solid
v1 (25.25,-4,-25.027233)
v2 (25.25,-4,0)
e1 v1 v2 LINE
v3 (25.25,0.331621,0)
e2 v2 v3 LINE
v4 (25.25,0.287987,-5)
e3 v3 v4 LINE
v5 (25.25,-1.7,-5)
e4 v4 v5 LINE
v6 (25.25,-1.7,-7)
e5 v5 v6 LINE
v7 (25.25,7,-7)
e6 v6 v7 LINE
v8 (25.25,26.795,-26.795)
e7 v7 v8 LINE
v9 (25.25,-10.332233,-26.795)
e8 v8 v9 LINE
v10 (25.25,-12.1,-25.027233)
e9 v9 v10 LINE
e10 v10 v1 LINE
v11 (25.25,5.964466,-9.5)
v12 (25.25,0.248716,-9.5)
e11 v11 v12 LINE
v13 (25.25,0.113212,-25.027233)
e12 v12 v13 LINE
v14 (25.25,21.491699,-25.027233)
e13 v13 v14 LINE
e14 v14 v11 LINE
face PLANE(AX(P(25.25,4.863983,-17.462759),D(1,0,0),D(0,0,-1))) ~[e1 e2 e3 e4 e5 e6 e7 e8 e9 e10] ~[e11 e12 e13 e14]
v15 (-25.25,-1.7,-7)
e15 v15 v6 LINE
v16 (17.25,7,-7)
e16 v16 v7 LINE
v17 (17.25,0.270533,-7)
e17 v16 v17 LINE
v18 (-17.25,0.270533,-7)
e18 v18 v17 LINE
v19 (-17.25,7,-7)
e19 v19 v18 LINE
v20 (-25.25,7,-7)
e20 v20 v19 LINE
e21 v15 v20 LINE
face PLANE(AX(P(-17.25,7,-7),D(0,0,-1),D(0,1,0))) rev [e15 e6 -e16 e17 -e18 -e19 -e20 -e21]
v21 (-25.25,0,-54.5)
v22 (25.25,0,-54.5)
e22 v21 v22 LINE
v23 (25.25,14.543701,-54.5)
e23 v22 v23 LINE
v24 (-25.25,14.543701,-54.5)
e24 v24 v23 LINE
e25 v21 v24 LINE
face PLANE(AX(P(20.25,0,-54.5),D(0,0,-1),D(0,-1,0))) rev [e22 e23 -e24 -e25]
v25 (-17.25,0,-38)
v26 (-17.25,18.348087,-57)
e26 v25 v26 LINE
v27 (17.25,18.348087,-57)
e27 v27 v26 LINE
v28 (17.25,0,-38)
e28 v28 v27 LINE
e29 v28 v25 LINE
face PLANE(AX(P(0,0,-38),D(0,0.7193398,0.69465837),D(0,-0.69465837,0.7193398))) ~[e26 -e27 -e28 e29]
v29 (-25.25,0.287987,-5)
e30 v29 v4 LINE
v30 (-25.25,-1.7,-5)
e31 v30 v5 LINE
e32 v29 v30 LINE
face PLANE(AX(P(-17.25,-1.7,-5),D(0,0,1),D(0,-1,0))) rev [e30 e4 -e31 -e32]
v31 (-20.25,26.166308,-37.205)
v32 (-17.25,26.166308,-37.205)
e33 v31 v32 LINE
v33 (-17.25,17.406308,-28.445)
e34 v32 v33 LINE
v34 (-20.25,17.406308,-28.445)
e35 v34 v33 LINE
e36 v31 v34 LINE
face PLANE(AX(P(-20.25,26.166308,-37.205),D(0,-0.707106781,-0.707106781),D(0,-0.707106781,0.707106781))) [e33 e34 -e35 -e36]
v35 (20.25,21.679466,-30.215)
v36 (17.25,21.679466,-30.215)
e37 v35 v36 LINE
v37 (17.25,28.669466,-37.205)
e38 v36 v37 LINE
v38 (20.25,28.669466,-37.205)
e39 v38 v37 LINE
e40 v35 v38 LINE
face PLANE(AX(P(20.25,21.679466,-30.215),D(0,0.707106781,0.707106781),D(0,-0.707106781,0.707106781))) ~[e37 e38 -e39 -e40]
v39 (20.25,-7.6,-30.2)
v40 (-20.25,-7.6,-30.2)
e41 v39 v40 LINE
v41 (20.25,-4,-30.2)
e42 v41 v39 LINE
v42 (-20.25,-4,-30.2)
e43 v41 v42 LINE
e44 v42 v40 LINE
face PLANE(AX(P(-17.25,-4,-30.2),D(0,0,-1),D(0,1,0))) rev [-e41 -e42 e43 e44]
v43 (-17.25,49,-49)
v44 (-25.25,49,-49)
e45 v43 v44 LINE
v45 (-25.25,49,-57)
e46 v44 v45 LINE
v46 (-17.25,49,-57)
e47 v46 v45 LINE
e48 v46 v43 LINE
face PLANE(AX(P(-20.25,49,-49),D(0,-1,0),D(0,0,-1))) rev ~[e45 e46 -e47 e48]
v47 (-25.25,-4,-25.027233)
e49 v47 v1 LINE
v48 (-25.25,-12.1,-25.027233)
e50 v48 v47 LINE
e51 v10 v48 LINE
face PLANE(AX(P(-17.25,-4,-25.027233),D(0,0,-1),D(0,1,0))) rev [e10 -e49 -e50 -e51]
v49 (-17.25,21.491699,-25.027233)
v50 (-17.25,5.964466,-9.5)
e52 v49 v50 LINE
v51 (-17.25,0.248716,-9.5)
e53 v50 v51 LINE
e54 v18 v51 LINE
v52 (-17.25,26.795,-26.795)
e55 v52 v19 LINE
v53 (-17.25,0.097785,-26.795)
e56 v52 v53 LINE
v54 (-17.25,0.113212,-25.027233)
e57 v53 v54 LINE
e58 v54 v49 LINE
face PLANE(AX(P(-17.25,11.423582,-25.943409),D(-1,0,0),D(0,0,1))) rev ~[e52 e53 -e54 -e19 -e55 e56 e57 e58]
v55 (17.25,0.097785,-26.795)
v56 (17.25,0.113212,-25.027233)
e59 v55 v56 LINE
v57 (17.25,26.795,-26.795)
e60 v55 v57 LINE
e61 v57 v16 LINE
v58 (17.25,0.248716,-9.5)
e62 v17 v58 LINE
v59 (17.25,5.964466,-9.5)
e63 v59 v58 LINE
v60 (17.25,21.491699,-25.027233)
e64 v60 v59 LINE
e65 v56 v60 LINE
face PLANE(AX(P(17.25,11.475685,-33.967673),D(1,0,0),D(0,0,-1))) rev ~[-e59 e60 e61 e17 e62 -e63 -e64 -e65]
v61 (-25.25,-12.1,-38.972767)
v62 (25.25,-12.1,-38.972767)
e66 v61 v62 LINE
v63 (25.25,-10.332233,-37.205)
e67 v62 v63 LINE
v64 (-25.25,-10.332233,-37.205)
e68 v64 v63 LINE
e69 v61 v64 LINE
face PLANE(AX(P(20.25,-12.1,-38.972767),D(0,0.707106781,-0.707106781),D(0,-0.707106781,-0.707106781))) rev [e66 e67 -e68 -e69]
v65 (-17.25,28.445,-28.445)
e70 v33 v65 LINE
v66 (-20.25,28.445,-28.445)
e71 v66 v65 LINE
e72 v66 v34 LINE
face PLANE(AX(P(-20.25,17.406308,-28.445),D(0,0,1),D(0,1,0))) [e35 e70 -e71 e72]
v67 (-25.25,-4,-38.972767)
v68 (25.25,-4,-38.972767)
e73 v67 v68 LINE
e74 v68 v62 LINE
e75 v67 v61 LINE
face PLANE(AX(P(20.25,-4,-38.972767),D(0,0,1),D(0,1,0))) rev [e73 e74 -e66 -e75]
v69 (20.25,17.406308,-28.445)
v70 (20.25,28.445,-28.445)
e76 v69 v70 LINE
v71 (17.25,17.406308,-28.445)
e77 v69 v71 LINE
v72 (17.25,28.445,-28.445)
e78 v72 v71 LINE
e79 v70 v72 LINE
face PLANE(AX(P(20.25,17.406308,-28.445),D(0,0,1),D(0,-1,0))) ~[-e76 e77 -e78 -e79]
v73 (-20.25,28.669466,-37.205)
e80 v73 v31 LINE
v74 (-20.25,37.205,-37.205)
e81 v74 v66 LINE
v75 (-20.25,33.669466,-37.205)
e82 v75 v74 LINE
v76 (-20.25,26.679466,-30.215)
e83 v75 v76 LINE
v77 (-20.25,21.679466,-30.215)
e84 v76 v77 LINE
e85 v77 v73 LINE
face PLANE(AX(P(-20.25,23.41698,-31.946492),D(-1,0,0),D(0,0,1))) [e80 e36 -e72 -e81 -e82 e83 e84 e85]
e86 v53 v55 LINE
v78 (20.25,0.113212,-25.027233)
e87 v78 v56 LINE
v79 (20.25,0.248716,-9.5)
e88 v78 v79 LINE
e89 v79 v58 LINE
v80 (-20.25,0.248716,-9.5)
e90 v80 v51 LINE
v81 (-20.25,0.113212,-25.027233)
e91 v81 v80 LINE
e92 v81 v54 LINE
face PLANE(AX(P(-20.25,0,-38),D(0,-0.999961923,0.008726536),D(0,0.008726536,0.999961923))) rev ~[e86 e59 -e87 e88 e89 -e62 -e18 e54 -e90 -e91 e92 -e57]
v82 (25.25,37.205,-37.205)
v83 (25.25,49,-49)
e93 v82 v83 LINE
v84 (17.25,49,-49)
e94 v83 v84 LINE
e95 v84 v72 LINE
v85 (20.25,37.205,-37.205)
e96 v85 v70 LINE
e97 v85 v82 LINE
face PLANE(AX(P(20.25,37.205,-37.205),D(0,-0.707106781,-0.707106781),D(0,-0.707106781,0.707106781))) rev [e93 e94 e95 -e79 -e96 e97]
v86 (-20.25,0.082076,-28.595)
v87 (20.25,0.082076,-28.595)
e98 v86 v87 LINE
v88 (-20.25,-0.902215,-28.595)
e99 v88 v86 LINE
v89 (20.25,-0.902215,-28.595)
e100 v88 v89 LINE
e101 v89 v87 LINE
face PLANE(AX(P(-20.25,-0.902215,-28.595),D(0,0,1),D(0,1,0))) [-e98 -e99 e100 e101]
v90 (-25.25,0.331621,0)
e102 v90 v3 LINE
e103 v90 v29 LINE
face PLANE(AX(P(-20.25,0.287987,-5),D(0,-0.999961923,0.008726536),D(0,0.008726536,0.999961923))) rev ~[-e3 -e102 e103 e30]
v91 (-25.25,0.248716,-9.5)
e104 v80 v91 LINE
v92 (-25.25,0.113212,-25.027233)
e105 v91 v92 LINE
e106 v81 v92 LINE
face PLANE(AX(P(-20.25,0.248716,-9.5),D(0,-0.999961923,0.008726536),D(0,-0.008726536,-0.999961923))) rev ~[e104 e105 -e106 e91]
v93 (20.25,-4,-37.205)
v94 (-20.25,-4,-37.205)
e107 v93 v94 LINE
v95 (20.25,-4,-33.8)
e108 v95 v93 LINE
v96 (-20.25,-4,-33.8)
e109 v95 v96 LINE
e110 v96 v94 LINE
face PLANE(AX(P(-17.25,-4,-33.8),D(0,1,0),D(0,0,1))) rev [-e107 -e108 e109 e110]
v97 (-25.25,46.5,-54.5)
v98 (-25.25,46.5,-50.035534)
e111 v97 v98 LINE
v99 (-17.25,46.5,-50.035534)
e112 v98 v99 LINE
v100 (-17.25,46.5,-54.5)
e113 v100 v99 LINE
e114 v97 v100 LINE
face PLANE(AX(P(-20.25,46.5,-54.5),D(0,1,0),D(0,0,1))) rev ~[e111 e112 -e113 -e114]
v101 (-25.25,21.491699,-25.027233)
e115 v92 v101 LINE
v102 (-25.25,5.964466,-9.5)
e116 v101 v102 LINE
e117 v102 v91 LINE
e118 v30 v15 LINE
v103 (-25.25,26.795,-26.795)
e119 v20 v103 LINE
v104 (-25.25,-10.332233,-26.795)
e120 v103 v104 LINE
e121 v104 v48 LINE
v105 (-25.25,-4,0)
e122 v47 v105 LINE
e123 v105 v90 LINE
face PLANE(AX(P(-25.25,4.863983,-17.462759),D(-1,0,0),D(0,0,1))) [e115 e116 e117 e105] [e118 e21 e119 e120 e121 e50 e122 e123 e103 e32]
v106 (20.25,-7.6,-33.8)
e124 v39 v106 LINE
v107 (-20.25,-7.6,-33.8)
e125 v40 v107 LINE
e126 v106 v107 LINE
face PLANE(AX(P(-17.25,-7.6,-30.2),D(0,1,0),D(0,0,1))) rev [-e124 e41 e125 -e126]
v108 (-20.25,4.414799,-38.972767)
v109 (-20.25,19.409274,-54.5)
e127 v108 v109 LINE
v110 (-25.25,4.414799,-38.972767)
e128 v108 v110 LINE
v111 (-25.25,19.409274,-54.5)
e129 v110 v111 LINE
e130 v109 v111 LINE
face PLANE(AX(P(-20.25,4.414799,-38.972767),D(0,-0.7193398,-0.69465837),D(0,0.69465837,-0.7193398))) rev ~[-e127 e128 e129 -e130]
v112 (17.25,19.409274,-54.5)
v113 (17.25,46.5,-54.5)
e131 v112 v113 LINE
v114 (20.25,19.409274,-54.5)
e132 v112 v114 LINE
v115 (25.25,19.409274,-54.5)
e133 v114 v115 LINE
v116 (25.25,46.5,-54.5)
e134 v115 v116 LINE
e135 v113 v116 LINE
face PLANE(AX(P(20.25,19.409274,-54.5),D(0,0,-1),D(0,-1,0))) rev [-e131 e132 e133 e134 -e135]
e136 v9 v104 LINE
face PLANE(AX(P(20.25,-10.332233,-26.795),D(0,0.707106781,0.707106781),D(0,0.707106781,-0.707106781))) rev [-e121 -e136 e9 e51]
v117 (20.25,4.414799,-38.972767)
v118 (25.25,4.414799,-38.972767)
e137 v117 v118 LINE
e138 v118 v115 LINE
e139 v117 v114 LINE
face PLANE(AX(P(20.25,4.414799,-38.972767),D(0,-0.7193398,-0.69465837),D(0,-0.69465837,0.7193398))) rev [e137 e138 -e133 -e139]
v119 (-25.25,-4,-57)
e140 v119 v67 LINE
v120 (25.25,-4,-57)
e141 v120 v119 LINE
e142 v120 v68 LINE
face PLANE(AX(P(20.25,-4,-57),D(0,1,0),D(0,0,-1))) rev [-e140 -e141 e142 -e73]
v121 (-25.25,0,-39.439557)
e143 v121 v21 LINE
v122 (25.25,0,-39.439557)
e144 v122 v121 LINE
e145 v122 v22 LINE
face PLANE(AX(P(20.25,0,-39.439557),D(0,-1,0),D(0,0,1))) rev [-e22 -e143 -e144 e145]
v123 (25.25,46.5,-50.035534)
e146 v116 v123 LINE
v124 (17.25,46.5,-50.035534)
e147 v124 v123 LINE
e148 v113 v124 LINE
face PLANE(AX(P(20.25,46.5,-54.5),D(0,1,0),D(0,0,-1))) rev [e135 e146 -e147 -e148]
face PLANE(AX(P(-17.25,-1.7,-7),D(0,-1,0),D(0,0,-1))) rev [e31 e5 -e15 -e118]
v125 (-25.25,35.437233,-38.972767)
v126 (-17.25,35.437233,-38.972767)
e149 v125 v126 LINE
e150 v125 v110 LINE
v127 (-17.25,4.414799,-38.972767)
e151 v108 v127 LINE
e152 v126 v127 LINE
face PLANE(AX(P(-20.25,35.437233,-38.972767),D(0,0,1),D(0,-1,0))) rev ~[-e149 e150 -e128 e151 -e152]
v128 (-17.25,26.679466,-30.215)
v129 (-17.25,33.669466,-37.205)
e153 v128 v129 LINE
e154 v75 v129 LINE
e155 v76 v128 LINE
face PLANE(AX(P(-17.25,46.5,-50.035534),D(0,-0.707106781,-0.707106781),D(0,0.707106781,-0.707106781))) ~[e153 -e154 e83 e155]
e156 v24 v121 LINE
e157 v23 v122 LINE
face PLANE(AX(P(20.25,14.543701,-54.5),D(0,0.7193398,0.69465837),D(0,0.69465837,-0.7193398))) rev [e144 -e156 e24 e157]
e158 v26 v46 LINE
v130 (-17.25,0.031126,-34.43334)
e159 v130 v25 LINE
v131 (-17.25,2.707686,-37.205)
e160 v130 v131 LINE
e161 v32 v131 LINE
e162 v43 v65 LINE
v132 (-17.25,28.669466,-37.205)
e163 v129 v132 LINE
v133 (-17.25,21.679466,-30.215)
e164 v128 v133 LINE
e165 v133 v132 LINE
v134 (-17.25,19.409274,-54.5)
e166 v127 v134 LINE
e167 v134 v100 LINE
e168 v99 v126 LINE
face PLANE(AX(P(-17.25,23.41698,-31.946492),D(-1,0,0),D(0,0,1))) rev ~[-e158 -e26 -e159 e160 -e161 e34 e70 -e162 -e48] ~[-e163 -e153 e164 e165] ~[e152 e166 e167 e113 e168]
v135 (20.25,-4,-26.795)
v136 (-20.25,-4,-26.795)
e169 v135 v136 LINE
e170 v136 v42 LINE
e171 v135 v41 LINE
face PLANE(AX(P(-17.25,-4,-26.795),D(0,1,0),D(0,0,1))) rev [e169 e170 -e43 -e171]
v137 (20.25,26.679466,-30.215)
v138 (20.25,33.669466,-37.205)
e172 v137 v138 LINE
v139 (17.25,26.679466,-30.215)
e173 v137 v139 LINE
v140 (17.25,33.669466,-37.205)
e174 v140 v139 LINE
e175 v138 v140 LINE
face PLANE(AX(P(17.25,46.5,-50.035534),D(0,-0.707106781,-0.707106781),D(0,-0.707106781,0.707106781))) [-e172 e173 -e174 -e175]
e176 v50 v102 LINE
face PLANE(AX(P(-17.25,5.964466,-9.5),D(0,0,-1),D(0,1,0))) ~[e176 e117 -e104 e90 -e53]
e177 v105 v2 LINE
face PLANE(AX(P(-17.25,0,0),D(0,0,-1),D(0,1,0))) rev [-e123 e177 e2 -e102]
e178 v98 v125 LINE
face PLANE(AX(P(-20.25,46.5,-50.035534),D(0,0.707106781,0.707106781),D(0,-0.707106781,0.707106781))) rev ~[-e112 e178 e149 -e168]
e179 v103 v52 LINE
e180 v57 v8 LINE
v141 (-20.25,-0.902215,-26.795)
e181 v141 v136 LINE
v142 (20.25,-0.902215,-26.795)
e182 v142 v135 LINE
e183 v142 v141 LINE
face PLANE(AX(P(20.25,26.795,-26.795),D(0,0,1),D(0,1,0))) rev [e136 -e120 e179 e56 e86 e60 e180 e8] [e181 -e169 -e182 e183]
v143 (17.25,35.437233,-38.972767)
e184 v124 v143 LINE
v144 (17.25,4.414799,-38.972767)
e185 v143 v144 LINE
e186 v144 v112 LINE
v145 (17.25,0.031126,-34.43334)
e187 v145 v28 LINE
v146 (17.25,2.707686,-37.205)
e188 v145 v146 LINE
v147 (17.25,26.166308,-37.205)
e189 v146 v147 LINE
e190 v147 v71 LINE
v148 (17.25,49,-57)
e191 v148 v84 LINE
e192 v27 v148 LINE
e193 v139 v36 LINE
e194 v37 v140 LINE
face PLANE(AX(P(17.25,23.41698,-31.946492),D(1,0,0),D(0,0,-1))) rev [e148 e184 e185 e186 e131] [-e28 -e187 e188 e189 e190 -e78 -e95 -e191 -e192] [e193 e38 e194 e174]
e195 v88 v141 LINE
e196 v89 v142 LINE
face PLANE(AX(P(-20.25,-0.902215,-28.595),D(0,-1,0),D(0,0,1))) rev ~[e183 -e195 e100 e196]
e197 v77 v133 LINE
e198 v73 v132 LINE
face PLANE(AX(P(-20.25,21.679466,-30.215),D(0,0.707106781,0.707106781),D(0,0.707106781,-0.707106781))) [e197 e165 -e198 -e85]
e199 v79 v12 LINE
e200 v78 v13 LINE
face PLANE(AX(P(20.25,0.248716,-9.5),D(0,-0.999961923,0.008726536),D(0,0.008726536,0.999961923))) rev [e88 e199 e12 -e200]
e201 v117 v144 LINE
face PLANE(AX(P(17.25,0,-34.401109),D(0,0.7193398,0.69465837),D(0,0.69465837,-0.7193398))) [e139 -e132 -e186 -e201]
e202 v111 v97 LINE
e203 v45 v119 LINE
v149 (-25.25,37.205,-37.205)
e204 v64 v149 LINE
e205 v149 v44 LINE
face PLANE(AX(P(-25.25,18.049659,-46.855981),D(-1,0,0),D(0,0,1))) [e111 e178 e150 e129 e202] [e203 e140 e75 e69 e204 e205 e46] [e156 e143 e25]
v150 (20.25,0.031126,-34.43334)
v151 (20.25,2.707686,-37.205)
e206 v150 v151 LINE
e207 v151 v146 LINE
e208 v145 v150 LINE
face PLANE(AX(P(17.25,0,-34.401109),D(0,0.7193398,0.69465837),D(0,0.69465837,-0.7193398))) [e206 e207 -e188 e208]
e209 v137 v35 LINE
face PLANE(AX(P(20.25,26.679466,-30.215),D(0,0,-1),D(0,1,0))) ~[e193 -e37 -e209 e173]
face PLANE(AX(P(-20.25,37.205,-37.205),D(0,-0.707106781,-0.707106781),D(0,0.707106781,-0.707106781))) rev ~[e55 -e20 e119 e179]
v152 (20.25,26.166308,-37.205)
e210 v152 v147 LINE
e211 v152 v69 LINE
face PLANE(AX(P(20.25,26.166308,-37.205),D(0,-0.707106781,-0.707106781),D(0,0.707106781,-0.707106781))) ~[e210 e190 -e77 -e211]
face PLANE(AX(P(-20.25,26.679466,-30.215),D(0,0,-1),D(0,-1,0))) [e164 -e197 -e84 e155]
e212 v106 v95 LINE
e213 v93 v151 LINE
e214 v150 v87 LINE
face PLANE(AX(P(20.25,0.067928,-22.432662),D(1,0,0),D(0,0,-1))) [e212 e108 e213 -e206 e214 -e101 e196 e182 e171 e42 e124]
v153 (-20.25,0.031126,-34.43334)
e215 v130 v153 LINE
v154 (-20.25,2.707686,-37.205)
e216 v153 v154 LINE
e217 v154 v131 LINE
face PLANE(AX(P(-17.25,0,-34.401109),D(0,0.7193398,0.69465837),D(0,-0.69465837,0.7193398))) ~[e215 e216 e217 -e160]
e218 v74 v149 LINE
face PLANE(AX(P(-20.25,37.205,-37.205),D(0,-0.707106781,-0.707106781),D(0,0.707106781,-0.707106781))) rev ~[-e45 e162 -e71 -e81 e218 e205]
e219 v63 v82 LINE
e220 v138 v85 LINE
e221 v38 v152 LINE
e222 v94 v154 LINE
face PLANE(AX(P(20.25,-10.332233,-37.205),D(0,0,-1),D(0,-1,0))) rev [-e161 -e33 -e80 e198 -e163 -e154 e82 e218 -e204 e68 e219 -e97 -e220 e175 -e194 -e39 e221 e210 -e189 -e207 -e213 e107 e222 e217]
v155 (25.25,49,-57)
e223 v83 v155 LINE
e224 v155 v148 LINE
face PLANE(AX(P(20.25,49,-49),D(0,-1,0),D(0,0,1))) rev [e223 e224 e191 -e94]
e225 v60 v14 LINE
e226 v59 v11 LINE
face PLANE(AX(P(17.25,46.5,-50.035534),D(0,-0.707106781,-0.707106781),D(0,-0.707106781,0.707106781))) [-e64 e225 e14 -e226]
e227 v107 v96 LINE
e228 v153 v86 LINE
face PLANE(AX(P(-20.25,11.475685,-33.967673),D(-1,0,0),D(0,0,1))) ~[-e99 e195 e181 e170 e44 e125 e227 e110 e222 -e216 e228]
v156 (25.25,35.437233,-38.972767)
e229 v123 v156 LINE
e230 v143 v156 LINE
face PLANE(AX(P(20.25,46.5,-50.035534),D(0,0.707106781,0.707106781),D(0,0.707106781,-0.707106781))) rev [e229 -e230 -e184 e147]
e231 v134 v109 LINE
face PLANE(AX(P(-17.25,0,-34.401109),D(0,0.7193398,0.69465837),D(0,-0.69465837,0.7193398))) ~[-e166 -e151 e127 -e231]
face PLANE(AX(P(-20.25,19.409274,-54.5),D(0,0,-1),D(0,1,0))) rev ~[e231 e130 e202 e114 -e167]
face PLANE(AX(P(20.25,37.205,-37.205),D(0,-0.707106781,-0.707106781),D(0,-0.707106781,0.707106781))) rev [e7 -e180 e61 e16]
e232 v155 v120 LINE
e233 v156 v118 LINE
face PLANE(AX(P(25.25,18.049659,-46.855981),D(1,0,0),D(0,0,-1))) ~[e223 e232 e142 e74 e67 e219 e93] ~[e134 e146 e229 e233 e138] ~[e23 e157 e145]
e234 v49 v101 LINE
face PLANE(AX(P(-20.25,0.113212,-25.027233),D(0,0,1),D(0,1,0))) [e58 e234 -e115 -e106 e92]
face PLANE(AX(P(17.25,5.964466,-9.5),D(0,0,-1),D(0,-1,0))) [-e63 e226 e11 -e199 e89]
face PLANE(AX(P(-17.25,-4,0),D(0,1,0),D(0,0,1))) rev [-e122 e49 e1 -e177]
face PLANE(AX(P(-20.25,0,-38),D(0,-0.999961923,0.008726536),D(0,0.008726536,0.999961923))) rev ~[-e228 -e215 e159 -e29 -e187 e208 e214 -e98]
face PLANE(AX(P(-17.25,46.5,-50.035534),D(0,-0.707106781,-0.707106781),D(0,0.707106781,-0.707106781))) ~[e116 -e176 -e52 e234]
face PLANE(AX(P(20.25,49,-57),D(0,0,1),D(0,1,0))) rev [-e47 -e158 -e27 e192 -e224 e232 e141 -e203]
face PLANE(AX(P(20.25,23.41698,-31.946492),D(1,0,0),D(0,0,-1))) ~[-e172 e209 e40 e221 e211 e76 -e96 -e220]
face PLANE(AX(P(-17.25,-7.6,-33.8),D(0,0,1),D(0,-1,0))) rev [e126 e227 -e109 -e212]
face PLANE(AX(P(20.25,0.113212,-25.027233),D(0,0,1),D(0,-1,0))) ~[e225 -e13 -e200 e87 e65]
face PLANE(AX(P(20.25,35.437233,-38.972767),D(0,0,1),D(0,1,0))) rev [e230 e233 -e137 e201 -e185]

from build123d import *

# Parameters (mm, degrees)
BOSS_EXTRUDE1_DEPTH = 17.25
BOSS_EXTRUDE2_DEPTH = 3
BOSS_EXTRUDE3_START = -20.25
BOSS_EXTRUDE3_DEPTH = 40.5
BOSS_EXTRUDE5_DEPTH = 3
BOSS_EXTRUDE6_DEPTH = 5
SKETCH9_W           = 1.8
SKETCH9_H           = 1
CUT_EXTRUDE2_DEPTH  = 20.25
BOSS_EXTRUDE7_DEPTH = 3


with BuildPart() as part:
    # Sketch1 → Boss-Extrude1 (new body)
    # profile 1 of 3: a face of its own
    with BuildSketch(Plane(origin=(0, 0, 0), x_dir=(0, 0, -1), z_dir=(1, 0, 0))):
        Polygon((0, 0), (5, 0), (5, -1.7), (7, -1.7), (7, 0), (38, 0), (57, 18.348086721), (57, -4), (33.8, -4), (33.8, -7.6), (30.2, -7.6), (30.2, -4), (0, -4), align=None)
        Polygon((54.5, 14.543701193), (39.43955654, 0), (54.5, 0), align=None, mode=Mode.SUBTRACT)
    # profile 2 of 3: a face of its own
    with BuildSketch(Plane(origin=(0, 0, 0), x_dir=(0, 0, -1), z_dir=(1, 0, 0))):
        Polygon((26.795, -4), (26.795, -10.332233047), (25.027233047, -12.1), (25.027233047, -4), align=None)
    # profile 3 of 3: a face of its own
    with BuildSketch(Plane(origin=(0, 0, 0), x_dir=(0, 0, -1), z_dir=(1, 0, 0))):
        Polygon((37.205, -4), (37.205, -10.332233047), (38.972766953, -12.1), (38.972766953, -4), align=None)
    boss_extrude1 = extrude(amount=BOSS_EXTRUDE1_DEPTH)

    # Sketch3 → Boss-Extrude2 (add)
    with BuildSketch(Plane(origin=(17.25, 0, 0), x_dir=(0, 0, -1), z_dir=(1, 0, 0))):
        Polygon((57, -4), (57, 49), (49, 49), (7, 7), (7, -1.7), (5, -1.7), (5, 0), (0, 0), (0, -4), (25.027233047, -4), (25.027233047, -12.1), (26.795, -10.332233047), (26.795, -4), (30.2, -4), (30.2, -7.6), (33.8, -7.6), (33.8, -4), (37.205, -4), (37.205, -10.332233047), (38.972766953, -12.1), (38.972766953, -4), align=None)
        Polygon((9.5, 5.964466094), (9.5, 0), (34.401108651, 0), (54.5, 19.409273762), (54.5, 46.5), (50.035533906, 46.5), align=None, mode=Mode.SUBTRACT)
        Polygon((39.43955654, 0), (54.5, 0), (54.5, 14.543701193), align=None, mode=Mode.SUBTRACT)
    boss_extrude2 = extrude(amount=BOSS_EXTRUDE2_DEPTH)

    # Mirror1: Boss-Extrude1, Boss-Extrude2 across plane
    add(boss_extrude1.mirror(Plane(origin=(0, 0, 0), x_dir=(0, 0, 1), z_dir=(1, 0, 0))))
    add(boss_extrude2.mirror(Plane(origin=(0, 0, 0), x_dir=(0, 0, 1), z_dir=(1, 0, 0))))

    # Sketch1<3> → Boss-Extrude3 (add)
    with BuildSketch(Plane(origin=(0, 0, 0), x_dir=(0, 0, -1), z_dir=(1, 0, 0)).offset(BOSS_EXTRUDE3_START)):
        Polygon((38, 0), (7, 0.270532902), (7, 0), align=None)
        Polygon((5, 0.287986637), (0, 0.331620976), (0, 0), (5, 0), align=None)
    extrude(amount=BOSS_EXTRUDE3_DEPTH)

    # Sketch6 → Boss-Extrude5 (add)
    with BuildSketch(Plane.ZY.offset(20.25)):
        Polygon((-37.205, 2.707686402), (-37.205, 33.669466094), (-38.972766953, 35.437233047), (-38.972766953, 4.414799105), align=None)
        Polygon((-26.795, 0.097784554), (-25.027233047, 0.113211622), (-25.027233047, 21.491699141), (-26.795, 23.259466094), align=None)
    boss_extrude5 = extrude(amount=-BOSS_EXTRUDE5_DEPTH)

    # Sketch8 → Boss-Extrude6 (add)
    # profile 1 of 2: a face of its own
    with BuildSketch(Plane.ZY.offset(20.25)):
        Polygon((-37.205, 33.669466094), (-37.205, 37.205), (-49, 49), (-57, 49), (-57, -4), (-38.972766953, -4), (-38.972766953, -12.1), (-37.205, -10.332233047), (-37.205, -4), (-37.205, 2.707686402), align=None)
        Polygon((-39.43955654, 0), (-54.5, 0), (-54.5, 14.543701193), align=None, mode=Mode.SUBTRACT)
        Polygon((-54.5, 19.409273762), (-54.5, 46.5), (-50.035533906, 46.5), (-38.972766953, 35.437233047), (-38.972766953, 4.414799105), align=None, mode=Mode.SUBTRACT)
    # profile 2 of 2: a face of its own
    with BuildSketch(Plane.ZY.offset(20.25)):
        Polygon((-5, 0.287986637), (-5, -1.7), (-7, -1.7), (-7, 7), (-26.795, 26.795), (-26.795, 23.259466094), (-26.795, 0.097784554), (-26.795, -4), (-26.795, -10.332233047), (-25.027233047, -12.1), (-25.027233047, -4), (0, -4), (0, 0.331620976), align=None)
        Polygon((-25.027233047, 0.113211622), (-25.027233047, 21.491699141), (-9.5, 5.964466094), (-9.5, 0.248715732), align=None, mode=Mode.SUBTRACT)
    boss_extrude6 = extrude(amount=BOSS_EXTRUDE6_DEPTH)

    # Sketch9 → Cut-Extrude2 (cut)
    with BuildSketch(Plane.ZY.offset(20.25)):
        Polygon((-28.445, 17.406308089), (-28.445, 24.909466094), (-30.215, 26.679466094), (-30.215, 21.679466094), (-37.205, 28.669466094), (-37.205, 26.166308089), align=None)
        Polygon((-26.795, 23.259466094), (-26.795, 26.795), (-28.445, 28.445), (-28.445, 24.909466094), align=None)
        with Locations((-27.695, -0.402215446)):
            Rectangle(SKETCH9_W, SKETCH9_H)
    cut_extrude2 = extrude(amount=-CUT_EXTRUDE2_DEPTH, mode=Mode.SUBTRACT)

    # Sketch9<3> → Boss-Extrude7 (add)
    with BuildSketch(Plane.ZY.offset(20.25)):
        Polygon((-28.445, 17.406308089), (-28.445, 24.909466094), (-30.215, 26.679466094), (-30.215, 21.679466094), (-37.205, 28.669466094), (-37.205, 26.166308089), align=None)
    boss_extrude7 = extrude(amount=-BOSS_EXTRUDE7_DEPTH)

    # Mirror2: Boss-Extrude5, Boss-Extrude6, Cut-Extrude2, Boss-Extrude7 across plane
    add(boss_extrude5.mirror(Plane(origin=(0, 0, 0), x_dir=(0, 0, 1), z_dir=(1, 0, 0))))
    add(boss_extrude6.mirror(Plane(origin=(0, 0, 0), x_dir=(0, 0, 1), z_dir=(1, 0, 0))))
    add(cut_extrude2.mirror(Plane(origin=(0, 0, 0), x_dir=(0, 0, 1), z_dir=(1, 0, 0))), mode=Mode.SUBTRACT)
    add(boss_extrude7.mirror(Plane(origin=(0, 0, 0), x_dir=(0, 0, 1), z_dir=(1, 0, 0))))


solid = part.part
